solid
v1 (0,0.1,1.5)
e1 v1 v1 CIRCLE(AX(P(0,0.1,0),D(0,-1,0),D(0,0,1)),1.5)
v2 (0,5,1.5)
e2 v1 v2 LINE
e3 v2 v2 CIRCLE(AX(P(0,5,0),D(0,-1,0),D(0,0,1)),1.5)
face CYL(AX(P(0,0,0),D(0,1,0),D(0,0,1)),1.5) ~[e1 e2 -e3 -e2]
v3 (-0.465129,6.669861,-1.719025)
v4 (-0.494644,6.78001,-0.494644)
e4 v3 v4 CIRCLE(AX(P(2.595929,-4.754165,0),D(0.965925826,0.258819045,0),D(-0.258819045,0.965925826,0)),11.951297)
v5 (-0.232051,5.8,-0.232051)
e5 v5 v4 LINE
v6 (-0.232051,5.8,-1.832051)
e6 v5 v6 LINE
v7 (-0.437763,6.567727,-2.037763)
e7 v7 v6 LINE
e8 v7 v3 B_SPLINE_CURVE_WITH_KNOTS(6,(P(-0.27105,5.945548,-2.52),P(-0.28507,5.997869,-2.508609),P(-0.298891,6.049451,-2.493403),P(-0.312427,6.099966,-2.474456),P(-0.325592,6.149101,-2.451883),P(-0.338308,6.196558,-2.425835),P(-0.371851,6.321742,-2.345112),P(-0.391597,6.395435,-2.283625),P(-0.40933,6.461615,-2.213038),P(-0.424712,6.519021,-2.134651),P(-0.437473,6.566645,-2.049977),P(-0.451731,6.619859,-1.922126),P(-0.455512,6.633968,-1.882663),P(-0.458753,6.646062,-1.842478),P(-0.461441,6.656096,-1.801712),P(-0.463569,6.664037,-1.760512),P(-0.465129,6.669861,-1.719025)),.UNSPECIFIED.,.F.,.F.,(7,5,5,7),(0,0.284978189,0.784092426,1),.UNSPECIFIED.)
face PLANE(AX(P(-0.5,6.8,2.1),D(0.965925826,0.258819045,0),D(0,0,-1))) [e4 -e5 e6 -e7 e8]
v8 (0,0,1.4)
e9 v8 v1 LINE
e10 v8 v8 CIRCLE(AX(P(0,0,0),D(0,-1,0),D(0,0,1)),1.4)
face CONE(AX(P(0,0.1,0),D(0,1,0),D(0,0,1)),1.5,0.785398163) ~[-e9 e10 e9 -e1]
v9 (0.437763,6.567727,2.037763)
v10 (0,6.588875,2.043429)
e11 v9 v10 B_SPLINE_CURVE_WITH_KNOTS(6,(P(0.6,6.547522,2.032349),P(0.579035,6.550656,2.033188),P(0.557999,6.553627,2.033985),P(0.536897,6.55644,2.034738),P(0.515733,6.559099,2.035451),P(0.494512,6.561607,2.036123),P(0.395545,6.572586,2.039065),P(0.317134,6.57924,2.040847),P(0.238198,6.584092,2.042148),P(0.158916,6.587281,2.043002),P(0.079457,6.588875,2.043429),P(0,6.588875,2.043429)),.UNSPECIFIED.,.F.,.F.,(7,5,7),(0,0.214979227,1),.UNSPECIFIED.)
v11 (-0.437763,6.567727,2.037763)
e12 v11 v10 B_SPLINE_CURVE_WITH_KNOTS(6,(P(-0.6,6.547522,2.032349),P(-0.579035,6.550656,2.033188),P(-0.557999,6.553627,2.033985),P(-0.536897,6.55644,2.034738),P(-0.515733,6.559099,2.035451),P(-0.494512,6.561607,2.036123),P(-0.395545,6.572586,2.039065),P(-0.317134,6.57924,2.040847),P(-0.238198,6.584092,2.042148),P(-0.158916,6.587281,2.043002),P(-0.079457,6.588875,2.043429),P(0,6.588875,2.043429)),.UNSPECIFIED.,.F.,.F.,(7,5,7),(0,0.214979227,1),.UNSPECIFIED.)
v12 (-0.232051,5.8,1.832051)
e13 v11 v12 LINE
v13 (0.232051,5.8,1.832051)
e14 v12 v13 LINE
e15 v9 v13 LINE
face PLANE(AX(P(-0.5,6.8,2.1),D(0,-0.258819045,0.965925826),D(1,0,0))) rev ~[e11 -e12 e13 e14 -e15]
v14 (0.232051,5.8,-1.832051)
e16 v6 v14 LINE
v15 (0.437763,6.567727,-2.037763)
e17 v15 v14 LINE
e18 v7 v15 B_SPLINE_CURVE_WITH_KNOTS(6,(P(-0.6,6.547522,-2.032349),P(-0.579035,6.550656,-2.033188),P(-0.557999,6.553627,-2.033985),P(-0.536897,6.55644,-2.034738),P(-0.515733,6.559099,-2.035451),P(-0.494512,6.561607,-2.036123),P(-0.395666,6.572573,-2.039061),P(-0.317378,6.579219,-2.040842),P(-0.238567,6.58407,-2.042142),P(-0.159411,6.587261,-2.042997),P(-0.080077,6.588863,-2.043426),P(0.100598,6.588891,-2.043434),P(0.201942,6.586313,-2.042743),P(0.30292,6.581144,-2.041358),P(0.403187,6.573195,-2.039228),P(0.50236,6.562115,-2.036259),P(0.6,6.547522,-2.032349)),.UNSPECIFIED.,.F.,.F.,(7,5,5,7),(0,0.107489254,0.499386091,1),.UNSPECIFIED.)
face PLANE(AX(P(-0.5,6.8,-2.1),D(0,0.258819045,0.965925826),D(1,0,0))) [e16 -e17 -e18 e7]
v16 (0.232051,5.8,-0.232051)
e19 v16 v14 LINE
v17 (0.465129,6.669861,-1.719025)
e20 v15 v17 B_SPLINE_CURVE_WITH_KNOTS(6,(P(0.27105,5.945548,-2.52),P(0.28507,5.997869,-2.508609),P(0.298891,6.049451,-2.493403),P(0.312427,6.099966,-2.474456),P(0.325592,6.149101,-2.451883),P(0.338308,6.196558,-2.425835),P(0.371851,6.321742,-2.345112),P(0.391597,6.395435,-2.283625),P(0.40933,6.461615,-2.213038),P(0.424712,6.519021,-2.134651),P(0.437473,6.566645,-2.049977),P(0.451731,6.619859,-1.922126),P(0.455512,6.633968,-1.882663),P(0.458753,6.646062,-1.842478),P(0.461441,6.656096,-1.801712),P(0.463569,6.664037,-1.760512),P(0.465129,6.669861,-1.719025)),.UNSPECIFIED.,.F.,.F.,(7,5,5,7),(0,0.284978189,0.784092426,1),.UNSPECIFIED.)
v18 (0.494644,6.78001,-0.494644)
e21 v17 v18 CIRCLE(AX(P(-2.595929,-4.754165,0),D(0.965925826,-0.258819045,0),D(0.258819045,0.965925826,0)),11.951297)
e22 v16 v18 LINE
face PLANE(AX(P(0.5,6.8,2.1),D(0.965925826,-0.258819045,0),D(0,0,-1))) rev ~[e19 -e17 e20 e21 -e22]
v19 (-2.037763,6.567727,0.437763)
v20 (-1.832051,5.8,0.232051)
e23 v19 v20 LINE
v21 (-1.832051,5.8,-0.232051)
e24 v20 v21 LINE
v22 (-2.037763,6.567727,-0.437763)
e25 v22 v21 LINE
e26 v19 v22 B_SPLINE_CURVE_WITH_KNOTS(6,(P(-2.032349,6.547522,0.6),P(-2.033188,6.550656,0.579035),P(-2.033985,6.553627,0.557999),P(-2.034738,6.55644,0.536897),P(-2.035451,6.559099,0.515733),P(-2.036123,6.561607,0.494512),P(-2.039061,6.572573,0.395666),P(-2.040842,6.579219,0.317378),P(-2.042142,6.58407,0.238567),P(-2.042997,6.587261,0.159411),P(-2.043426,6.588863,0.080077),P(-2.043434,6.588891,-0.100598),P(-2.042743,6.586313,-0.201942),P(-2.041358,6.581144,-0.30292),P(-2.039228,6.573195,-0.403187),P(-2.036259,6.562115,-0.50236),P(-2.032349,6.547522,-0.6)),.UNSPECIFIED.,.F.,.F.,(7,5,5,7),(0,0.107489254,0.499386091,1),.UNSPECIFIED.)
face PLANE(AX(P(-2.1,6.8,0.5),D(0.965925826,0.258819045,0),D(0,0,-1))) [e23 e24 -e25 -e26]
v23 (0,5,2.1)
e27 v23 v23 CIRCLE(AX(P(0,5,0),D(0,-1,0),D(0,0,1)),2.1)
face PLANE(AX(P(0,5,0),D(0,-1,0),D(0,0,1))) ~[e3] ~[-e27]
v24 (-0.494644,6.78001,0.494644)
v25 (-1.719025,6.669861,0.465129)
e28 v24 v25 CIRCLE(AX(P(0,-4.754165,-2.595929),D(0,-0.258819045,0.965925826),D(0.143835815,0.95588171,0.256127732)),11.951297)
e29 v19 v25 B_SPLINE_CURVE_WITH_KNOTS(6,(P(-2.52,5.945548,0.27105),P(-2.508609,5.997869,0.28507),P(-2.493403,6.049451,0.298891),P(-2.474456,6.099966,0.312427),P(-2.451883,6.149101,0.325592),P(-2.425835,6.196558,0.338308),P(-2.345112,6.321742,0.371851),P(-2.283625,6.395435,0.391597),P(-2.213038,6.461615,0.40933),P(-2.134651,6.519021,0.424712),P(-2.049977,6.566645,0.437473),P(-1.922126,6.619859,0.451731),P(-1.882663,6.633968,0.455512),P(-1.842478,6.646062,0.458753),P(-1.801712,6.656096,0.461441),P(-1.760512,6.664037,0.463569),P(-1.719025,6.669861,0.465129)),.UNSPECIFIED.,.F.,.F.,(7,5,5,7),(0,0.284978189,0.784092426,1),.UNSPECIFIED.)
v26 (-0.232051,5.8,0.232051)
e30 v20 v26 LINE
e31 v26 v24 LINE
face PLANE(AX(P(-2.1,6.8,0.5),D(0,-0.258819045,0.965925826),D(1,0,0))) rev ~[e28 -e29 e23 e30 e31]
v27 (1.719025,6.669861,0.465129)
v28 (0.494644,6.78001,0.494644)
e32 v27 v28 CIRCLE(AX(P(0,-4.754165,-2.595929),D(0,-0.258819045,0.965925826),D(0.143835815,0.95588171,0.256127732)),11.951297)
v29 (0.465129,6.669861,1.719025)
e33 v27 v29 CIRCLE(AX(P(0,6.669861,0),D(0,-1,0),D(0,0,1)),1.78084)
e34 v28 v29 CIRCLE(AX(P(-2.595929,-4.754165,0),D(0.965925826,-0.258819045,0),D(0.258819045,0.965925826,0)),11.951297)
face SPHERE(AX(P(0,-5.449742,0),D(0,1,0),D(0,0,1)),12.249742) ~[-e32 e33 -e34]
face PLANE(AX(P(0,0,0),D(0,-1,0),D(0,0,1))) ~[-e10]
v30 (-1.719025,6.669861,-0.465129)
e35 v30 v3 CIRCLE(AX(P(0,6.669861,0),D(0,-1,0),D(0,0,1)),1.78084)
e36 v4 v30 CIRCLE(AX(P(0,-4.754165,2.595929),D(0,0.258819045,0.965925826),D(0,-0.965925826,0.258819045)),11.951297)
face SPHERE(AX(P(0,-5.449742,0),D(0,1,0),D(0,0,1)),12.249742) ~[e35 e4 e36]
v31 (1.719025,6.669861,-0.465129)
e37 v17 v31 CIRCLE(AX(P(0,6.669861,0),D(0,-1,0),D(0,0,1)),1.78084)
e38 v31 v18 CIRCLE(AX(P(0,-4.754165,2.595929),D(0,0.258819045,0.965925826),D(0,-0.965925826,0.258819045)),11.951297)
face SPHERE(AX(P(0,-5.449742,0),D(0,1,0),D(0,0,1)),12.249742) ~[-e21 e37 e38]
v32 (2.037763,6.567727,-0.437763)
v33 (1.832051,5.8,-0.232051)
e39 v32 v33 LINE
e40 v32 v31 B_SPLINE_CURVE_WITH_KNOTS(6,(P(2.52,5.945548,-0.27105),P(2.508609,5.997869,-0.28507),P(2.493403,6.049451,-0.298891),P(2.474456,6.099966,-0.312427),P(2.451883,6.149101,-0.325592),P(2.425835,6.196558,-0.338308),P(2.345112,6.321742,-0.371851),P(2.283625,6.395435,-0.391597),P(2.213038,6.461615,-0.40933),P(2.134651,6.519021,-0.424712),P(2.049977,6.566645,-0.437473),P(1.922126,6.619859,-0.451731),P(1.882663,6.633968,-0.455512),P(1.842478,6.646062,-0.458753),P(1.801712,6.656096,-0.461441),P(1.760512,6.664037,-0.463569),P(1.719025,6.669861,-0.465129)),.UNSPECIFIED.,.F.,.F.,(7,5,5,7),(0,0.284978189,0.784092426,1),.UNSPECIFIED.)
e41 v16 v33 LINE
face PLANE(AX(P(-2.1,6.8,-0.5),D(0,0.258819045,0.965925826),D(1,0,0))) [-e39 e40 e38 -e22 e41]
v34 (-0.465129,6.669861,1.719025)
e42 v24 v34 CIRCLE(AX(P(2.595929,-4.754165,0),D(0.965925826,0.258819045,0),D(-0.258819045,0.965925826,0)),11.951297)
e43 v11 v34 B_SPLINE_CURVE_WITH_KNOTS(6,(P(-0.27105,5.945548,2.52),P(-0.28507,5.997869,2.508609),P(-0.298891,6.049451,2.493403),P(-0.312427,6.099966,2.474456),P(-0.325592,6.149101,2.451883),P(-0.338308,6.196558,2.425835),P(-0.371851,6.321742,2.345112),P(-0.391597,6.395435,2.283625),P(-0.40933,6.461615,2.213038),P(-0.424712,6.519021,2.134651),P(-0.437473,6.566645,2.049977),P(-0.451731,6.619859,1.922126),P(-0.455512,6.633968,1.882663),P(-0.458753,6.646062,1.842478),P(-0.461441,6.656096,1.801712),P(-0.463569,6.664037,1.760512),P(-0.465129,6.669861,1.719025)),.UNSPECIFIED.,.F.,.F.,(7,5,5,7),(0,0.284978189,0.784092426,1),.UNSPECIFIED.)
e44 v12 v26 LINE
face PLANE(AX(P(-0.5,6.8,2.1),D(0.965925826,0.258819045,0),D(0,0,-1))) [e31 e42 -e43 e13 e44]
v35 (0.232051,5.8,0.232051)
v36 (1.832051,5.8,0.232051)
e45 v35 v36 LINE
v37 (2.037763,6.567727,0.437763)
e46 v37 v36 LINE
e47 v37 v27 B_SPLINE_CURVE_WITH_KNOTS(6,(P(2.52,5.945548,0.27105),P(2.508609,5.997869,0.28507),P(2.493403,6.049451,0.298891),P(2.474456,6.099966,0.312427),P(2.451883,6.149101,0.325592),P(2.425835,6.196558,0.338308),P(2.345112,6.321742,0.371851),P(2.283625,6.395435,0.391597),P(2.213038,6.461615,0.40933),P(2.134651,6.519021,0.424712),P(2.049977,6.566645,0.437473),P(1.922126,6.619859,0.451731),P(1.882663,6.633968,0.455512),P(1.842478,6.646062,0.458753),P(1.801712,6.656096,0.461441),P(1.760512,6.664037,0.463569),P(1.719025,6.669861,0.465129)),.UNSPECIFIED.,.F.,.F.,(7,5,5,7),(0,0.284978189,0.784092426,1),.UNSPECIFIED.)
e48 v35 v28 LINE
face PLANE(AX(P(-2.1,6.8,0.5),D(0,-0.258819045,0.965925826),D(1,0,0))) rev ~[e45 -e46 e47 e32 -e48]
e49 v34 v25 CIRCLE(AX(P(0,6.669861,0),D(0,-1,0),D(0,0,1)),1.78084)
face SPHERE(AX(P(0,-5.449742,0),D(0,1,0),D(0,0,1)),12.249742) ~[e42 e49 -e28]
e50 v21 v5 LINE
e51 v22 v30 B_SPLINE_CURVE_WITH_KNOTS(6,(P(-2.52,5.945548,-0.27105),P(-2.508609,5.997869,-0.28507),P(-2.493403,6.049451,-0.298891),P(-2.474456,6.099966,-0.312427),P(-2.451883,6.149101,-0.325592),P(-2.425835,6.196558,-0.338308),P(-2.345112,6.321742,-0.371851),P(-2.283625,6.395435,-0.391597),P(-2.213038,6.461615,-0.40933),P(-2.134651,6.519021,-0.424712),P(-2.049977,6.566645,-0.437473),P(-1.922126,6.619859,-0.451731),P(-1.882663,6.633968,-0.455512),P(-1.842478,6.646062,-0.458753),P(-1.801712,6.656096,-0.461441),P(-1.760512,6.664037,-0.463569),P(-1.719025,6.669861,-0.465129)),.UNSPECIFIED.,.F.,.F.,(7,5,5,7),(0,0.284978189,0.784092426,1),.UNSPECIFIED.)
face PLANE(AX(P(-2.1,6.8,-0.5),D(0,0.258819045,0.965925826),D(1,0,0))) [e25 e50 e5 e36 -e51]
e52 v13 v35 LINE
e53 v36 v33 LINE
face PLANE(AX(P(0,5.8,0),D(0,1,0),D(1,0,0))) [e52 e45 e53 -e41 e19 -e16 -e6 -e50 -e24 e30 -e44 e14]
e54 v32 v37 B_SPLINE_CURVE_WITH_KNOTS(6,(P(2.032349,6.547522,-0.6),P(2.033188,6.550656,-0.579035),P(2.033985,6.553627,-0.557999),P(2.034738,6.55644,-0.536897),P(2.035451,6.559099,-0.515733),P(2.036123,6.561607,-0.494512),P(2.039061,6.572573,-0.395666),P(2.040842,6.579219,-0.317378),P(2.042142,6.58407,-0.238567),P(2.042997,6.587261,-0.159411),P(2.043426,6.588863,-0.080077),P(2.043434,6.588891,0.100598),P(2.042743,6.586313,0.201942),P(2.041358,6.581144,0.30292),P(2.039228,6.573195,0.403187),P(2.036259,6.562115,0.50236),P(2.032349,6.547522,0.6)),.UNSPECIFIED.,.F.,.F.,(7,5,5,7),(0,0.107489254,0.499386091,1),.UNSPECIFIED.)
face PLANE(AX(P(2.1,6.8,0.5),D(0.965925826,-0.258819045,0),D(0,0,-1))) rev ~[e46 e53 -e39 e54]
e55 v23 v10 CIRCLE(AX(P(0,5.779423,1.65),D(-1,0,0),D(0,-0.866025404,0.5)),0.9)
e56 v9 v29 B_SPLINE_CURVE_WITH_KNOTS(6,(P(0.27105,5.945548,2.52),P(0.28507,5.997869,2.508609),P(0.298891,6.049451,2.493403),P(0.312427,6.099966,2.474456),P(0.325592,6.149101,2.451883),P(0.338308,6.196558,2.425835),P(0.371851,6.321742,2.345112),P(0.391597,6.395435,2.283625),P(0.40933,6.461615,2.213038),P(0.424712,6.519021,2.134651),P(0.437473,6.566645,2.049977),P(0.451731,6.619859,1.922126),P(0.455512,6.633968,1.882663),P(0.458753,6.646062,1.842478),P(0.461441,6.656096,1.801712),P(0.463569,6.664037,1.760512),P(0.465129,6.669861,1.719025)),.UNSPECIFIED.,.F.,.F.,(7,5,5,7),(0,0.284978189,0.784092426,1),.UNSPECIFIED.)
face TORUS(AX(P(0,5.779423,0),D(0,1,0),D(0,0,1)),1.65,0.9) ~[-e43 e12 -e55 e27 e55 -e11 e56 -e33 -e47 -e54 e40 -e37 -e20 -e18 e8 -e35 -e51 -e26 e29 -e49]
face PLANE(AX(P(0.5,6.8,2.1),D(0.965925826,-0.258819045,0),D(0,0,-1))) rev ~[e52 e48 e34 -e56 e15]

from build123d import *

# Parameters (mm, degrees)
SKETCH_2_W                    = 4.2
SKETCH_2_H                    = 1
CUT_EXTRUDE_1_DEPTH           = 1
CUT_EXTRUDE_1_DRAFT           = -15
SKETCH_2_W_2                  = 1
SKETCH_2_H_2                  = 4.2
CUT_EXTRUDE_1_PROFILE_2_DEPTH = 1
CUT_EXTRUDE_1_PROFILE_2_DRAFT = -15
CHAMFER_1_SIZE                = 0.1


with BuildPart() as part:
    # 草图1 → 旋转1 (revolve)
    with BuildSketch(Plane.XY, mode=Mode.PRIVATE) as revolve_1_sk:
        with BuildLine():
            Line((0, 0), (1.5, 0))
            Line((1.5, 0), (1.5, 5))
            Line((1.5, 5), (2.1, 5))
            ThreePointArc((2.1, 5), (2.533998358, 5.948381153), (1.780839976, 6.669861464))
            ThreePointArc((1.780839976, 6.669861464), (0.892794357, 6.767422046), (0, 6.8))
            Line((0, 6.8), (0, 0))
        make_face()
    revolve(revolve_1_sk.sketch.rotate(Axis((0, 7.002401016, 0), (0, -1, 0)), 90), axis=Axis((0, 7.002401016, 0), (0, -1, 0)))


with BuildPart() as cut_extrude_1_tool:
    # 草图2 → 切除-拉伸1 (with draft: the straight prism first)
    with BuildSketch(Plane(origin=(0, 6.8, 0), x_dir=(1, 0, 0), z_dir=(0, 1, 0))):
        Rectangle(SKETCH_2_W, SKETCH_2_H)
    extrude(amount=-CUT_EXTRUDE_1_DEPTH)
    # 切除-拉伸1: the draft: its side faces are tilted about the plane it starts from
    cut_extrude_1_sides = [cut_extrude_1_tool.faces().sort_by_distance(p)[0] for p in [
        (0, 6.3, 0.5),
        (2.1, 6.3, 0),
        (0, 6.3, -0.5),
        (-2.1, 6.3, 0),
    ]]
    draft(cut_extrude_1_sides, Plane(origin=(0, 6.8, 0), x_dir=(1, 0, 0), z_dir=(0, 1, 0)), CUT_EXTRUDE_1_DRAFT)


with BuildPart() as part_1:
    add(part.part)

    # 切除-拉伸1: cut by cut_extrude_1_tool
    add(cut_extrude_1_tool.part, mode=Mode.SUBTRACT)


with BuildPart() as cut_extrude_1_profile_2_tool:
    # 草图2 → 切除-拉伸1 profile 2 (with draft: the straight prism first)
    with BuildSketch(Plane(origin=(0, 6.8, 0), x_dir=(1, 0, 0), z_dir=(0, 1, 0))):
        Rectangle(SKETCH_2_W_2, SKETCH_2_H_2)
    extrude(amount=-CUT_EXTRUDE_1_PROFILE_2_DEPTH)
    # 切除-拉伸1 profile 2: the draft: its side faces are tilted about the plane it starts from
    cut_extrude_1_profile_2_sides = [cut_extrude_1_profile_2_tool.faces().sort_by_distance(p)[0] for p in [
        (0, 6.3, 2.1),
        (0.5, 6.3, 0),
        (0, 6.3, -2.1),
        (-0.5, 6.3, 0),
    ]]
    draft(cut_extrude_1_profile_2_sides, Plane(origin=(0, 6.8, 0), x_dir=(1, 0, 0), z_dir=(0, 1, 0)), CUT_EXTRUDE_1_PROFILE_2_DRAFT)


with BuildPart() as part_2:
    add(part_1.part)

    # 切除-拉伸1 profile 2: cut by cut_extrude_1_profile_2_tool
    add(cut_extrude_1_profile_2_tool.part, mode=Mode.SUBTRACT)

    # 倒角1
    chamfer_1_edges = [part_2.edges().sort_by_distance(p)[0] for p in [
        (0, 0, -1.5),
    ]]
    chamfer(chamfer_1_edges, length=CHAMFER_1_SIZE)


solid = part_2.part
